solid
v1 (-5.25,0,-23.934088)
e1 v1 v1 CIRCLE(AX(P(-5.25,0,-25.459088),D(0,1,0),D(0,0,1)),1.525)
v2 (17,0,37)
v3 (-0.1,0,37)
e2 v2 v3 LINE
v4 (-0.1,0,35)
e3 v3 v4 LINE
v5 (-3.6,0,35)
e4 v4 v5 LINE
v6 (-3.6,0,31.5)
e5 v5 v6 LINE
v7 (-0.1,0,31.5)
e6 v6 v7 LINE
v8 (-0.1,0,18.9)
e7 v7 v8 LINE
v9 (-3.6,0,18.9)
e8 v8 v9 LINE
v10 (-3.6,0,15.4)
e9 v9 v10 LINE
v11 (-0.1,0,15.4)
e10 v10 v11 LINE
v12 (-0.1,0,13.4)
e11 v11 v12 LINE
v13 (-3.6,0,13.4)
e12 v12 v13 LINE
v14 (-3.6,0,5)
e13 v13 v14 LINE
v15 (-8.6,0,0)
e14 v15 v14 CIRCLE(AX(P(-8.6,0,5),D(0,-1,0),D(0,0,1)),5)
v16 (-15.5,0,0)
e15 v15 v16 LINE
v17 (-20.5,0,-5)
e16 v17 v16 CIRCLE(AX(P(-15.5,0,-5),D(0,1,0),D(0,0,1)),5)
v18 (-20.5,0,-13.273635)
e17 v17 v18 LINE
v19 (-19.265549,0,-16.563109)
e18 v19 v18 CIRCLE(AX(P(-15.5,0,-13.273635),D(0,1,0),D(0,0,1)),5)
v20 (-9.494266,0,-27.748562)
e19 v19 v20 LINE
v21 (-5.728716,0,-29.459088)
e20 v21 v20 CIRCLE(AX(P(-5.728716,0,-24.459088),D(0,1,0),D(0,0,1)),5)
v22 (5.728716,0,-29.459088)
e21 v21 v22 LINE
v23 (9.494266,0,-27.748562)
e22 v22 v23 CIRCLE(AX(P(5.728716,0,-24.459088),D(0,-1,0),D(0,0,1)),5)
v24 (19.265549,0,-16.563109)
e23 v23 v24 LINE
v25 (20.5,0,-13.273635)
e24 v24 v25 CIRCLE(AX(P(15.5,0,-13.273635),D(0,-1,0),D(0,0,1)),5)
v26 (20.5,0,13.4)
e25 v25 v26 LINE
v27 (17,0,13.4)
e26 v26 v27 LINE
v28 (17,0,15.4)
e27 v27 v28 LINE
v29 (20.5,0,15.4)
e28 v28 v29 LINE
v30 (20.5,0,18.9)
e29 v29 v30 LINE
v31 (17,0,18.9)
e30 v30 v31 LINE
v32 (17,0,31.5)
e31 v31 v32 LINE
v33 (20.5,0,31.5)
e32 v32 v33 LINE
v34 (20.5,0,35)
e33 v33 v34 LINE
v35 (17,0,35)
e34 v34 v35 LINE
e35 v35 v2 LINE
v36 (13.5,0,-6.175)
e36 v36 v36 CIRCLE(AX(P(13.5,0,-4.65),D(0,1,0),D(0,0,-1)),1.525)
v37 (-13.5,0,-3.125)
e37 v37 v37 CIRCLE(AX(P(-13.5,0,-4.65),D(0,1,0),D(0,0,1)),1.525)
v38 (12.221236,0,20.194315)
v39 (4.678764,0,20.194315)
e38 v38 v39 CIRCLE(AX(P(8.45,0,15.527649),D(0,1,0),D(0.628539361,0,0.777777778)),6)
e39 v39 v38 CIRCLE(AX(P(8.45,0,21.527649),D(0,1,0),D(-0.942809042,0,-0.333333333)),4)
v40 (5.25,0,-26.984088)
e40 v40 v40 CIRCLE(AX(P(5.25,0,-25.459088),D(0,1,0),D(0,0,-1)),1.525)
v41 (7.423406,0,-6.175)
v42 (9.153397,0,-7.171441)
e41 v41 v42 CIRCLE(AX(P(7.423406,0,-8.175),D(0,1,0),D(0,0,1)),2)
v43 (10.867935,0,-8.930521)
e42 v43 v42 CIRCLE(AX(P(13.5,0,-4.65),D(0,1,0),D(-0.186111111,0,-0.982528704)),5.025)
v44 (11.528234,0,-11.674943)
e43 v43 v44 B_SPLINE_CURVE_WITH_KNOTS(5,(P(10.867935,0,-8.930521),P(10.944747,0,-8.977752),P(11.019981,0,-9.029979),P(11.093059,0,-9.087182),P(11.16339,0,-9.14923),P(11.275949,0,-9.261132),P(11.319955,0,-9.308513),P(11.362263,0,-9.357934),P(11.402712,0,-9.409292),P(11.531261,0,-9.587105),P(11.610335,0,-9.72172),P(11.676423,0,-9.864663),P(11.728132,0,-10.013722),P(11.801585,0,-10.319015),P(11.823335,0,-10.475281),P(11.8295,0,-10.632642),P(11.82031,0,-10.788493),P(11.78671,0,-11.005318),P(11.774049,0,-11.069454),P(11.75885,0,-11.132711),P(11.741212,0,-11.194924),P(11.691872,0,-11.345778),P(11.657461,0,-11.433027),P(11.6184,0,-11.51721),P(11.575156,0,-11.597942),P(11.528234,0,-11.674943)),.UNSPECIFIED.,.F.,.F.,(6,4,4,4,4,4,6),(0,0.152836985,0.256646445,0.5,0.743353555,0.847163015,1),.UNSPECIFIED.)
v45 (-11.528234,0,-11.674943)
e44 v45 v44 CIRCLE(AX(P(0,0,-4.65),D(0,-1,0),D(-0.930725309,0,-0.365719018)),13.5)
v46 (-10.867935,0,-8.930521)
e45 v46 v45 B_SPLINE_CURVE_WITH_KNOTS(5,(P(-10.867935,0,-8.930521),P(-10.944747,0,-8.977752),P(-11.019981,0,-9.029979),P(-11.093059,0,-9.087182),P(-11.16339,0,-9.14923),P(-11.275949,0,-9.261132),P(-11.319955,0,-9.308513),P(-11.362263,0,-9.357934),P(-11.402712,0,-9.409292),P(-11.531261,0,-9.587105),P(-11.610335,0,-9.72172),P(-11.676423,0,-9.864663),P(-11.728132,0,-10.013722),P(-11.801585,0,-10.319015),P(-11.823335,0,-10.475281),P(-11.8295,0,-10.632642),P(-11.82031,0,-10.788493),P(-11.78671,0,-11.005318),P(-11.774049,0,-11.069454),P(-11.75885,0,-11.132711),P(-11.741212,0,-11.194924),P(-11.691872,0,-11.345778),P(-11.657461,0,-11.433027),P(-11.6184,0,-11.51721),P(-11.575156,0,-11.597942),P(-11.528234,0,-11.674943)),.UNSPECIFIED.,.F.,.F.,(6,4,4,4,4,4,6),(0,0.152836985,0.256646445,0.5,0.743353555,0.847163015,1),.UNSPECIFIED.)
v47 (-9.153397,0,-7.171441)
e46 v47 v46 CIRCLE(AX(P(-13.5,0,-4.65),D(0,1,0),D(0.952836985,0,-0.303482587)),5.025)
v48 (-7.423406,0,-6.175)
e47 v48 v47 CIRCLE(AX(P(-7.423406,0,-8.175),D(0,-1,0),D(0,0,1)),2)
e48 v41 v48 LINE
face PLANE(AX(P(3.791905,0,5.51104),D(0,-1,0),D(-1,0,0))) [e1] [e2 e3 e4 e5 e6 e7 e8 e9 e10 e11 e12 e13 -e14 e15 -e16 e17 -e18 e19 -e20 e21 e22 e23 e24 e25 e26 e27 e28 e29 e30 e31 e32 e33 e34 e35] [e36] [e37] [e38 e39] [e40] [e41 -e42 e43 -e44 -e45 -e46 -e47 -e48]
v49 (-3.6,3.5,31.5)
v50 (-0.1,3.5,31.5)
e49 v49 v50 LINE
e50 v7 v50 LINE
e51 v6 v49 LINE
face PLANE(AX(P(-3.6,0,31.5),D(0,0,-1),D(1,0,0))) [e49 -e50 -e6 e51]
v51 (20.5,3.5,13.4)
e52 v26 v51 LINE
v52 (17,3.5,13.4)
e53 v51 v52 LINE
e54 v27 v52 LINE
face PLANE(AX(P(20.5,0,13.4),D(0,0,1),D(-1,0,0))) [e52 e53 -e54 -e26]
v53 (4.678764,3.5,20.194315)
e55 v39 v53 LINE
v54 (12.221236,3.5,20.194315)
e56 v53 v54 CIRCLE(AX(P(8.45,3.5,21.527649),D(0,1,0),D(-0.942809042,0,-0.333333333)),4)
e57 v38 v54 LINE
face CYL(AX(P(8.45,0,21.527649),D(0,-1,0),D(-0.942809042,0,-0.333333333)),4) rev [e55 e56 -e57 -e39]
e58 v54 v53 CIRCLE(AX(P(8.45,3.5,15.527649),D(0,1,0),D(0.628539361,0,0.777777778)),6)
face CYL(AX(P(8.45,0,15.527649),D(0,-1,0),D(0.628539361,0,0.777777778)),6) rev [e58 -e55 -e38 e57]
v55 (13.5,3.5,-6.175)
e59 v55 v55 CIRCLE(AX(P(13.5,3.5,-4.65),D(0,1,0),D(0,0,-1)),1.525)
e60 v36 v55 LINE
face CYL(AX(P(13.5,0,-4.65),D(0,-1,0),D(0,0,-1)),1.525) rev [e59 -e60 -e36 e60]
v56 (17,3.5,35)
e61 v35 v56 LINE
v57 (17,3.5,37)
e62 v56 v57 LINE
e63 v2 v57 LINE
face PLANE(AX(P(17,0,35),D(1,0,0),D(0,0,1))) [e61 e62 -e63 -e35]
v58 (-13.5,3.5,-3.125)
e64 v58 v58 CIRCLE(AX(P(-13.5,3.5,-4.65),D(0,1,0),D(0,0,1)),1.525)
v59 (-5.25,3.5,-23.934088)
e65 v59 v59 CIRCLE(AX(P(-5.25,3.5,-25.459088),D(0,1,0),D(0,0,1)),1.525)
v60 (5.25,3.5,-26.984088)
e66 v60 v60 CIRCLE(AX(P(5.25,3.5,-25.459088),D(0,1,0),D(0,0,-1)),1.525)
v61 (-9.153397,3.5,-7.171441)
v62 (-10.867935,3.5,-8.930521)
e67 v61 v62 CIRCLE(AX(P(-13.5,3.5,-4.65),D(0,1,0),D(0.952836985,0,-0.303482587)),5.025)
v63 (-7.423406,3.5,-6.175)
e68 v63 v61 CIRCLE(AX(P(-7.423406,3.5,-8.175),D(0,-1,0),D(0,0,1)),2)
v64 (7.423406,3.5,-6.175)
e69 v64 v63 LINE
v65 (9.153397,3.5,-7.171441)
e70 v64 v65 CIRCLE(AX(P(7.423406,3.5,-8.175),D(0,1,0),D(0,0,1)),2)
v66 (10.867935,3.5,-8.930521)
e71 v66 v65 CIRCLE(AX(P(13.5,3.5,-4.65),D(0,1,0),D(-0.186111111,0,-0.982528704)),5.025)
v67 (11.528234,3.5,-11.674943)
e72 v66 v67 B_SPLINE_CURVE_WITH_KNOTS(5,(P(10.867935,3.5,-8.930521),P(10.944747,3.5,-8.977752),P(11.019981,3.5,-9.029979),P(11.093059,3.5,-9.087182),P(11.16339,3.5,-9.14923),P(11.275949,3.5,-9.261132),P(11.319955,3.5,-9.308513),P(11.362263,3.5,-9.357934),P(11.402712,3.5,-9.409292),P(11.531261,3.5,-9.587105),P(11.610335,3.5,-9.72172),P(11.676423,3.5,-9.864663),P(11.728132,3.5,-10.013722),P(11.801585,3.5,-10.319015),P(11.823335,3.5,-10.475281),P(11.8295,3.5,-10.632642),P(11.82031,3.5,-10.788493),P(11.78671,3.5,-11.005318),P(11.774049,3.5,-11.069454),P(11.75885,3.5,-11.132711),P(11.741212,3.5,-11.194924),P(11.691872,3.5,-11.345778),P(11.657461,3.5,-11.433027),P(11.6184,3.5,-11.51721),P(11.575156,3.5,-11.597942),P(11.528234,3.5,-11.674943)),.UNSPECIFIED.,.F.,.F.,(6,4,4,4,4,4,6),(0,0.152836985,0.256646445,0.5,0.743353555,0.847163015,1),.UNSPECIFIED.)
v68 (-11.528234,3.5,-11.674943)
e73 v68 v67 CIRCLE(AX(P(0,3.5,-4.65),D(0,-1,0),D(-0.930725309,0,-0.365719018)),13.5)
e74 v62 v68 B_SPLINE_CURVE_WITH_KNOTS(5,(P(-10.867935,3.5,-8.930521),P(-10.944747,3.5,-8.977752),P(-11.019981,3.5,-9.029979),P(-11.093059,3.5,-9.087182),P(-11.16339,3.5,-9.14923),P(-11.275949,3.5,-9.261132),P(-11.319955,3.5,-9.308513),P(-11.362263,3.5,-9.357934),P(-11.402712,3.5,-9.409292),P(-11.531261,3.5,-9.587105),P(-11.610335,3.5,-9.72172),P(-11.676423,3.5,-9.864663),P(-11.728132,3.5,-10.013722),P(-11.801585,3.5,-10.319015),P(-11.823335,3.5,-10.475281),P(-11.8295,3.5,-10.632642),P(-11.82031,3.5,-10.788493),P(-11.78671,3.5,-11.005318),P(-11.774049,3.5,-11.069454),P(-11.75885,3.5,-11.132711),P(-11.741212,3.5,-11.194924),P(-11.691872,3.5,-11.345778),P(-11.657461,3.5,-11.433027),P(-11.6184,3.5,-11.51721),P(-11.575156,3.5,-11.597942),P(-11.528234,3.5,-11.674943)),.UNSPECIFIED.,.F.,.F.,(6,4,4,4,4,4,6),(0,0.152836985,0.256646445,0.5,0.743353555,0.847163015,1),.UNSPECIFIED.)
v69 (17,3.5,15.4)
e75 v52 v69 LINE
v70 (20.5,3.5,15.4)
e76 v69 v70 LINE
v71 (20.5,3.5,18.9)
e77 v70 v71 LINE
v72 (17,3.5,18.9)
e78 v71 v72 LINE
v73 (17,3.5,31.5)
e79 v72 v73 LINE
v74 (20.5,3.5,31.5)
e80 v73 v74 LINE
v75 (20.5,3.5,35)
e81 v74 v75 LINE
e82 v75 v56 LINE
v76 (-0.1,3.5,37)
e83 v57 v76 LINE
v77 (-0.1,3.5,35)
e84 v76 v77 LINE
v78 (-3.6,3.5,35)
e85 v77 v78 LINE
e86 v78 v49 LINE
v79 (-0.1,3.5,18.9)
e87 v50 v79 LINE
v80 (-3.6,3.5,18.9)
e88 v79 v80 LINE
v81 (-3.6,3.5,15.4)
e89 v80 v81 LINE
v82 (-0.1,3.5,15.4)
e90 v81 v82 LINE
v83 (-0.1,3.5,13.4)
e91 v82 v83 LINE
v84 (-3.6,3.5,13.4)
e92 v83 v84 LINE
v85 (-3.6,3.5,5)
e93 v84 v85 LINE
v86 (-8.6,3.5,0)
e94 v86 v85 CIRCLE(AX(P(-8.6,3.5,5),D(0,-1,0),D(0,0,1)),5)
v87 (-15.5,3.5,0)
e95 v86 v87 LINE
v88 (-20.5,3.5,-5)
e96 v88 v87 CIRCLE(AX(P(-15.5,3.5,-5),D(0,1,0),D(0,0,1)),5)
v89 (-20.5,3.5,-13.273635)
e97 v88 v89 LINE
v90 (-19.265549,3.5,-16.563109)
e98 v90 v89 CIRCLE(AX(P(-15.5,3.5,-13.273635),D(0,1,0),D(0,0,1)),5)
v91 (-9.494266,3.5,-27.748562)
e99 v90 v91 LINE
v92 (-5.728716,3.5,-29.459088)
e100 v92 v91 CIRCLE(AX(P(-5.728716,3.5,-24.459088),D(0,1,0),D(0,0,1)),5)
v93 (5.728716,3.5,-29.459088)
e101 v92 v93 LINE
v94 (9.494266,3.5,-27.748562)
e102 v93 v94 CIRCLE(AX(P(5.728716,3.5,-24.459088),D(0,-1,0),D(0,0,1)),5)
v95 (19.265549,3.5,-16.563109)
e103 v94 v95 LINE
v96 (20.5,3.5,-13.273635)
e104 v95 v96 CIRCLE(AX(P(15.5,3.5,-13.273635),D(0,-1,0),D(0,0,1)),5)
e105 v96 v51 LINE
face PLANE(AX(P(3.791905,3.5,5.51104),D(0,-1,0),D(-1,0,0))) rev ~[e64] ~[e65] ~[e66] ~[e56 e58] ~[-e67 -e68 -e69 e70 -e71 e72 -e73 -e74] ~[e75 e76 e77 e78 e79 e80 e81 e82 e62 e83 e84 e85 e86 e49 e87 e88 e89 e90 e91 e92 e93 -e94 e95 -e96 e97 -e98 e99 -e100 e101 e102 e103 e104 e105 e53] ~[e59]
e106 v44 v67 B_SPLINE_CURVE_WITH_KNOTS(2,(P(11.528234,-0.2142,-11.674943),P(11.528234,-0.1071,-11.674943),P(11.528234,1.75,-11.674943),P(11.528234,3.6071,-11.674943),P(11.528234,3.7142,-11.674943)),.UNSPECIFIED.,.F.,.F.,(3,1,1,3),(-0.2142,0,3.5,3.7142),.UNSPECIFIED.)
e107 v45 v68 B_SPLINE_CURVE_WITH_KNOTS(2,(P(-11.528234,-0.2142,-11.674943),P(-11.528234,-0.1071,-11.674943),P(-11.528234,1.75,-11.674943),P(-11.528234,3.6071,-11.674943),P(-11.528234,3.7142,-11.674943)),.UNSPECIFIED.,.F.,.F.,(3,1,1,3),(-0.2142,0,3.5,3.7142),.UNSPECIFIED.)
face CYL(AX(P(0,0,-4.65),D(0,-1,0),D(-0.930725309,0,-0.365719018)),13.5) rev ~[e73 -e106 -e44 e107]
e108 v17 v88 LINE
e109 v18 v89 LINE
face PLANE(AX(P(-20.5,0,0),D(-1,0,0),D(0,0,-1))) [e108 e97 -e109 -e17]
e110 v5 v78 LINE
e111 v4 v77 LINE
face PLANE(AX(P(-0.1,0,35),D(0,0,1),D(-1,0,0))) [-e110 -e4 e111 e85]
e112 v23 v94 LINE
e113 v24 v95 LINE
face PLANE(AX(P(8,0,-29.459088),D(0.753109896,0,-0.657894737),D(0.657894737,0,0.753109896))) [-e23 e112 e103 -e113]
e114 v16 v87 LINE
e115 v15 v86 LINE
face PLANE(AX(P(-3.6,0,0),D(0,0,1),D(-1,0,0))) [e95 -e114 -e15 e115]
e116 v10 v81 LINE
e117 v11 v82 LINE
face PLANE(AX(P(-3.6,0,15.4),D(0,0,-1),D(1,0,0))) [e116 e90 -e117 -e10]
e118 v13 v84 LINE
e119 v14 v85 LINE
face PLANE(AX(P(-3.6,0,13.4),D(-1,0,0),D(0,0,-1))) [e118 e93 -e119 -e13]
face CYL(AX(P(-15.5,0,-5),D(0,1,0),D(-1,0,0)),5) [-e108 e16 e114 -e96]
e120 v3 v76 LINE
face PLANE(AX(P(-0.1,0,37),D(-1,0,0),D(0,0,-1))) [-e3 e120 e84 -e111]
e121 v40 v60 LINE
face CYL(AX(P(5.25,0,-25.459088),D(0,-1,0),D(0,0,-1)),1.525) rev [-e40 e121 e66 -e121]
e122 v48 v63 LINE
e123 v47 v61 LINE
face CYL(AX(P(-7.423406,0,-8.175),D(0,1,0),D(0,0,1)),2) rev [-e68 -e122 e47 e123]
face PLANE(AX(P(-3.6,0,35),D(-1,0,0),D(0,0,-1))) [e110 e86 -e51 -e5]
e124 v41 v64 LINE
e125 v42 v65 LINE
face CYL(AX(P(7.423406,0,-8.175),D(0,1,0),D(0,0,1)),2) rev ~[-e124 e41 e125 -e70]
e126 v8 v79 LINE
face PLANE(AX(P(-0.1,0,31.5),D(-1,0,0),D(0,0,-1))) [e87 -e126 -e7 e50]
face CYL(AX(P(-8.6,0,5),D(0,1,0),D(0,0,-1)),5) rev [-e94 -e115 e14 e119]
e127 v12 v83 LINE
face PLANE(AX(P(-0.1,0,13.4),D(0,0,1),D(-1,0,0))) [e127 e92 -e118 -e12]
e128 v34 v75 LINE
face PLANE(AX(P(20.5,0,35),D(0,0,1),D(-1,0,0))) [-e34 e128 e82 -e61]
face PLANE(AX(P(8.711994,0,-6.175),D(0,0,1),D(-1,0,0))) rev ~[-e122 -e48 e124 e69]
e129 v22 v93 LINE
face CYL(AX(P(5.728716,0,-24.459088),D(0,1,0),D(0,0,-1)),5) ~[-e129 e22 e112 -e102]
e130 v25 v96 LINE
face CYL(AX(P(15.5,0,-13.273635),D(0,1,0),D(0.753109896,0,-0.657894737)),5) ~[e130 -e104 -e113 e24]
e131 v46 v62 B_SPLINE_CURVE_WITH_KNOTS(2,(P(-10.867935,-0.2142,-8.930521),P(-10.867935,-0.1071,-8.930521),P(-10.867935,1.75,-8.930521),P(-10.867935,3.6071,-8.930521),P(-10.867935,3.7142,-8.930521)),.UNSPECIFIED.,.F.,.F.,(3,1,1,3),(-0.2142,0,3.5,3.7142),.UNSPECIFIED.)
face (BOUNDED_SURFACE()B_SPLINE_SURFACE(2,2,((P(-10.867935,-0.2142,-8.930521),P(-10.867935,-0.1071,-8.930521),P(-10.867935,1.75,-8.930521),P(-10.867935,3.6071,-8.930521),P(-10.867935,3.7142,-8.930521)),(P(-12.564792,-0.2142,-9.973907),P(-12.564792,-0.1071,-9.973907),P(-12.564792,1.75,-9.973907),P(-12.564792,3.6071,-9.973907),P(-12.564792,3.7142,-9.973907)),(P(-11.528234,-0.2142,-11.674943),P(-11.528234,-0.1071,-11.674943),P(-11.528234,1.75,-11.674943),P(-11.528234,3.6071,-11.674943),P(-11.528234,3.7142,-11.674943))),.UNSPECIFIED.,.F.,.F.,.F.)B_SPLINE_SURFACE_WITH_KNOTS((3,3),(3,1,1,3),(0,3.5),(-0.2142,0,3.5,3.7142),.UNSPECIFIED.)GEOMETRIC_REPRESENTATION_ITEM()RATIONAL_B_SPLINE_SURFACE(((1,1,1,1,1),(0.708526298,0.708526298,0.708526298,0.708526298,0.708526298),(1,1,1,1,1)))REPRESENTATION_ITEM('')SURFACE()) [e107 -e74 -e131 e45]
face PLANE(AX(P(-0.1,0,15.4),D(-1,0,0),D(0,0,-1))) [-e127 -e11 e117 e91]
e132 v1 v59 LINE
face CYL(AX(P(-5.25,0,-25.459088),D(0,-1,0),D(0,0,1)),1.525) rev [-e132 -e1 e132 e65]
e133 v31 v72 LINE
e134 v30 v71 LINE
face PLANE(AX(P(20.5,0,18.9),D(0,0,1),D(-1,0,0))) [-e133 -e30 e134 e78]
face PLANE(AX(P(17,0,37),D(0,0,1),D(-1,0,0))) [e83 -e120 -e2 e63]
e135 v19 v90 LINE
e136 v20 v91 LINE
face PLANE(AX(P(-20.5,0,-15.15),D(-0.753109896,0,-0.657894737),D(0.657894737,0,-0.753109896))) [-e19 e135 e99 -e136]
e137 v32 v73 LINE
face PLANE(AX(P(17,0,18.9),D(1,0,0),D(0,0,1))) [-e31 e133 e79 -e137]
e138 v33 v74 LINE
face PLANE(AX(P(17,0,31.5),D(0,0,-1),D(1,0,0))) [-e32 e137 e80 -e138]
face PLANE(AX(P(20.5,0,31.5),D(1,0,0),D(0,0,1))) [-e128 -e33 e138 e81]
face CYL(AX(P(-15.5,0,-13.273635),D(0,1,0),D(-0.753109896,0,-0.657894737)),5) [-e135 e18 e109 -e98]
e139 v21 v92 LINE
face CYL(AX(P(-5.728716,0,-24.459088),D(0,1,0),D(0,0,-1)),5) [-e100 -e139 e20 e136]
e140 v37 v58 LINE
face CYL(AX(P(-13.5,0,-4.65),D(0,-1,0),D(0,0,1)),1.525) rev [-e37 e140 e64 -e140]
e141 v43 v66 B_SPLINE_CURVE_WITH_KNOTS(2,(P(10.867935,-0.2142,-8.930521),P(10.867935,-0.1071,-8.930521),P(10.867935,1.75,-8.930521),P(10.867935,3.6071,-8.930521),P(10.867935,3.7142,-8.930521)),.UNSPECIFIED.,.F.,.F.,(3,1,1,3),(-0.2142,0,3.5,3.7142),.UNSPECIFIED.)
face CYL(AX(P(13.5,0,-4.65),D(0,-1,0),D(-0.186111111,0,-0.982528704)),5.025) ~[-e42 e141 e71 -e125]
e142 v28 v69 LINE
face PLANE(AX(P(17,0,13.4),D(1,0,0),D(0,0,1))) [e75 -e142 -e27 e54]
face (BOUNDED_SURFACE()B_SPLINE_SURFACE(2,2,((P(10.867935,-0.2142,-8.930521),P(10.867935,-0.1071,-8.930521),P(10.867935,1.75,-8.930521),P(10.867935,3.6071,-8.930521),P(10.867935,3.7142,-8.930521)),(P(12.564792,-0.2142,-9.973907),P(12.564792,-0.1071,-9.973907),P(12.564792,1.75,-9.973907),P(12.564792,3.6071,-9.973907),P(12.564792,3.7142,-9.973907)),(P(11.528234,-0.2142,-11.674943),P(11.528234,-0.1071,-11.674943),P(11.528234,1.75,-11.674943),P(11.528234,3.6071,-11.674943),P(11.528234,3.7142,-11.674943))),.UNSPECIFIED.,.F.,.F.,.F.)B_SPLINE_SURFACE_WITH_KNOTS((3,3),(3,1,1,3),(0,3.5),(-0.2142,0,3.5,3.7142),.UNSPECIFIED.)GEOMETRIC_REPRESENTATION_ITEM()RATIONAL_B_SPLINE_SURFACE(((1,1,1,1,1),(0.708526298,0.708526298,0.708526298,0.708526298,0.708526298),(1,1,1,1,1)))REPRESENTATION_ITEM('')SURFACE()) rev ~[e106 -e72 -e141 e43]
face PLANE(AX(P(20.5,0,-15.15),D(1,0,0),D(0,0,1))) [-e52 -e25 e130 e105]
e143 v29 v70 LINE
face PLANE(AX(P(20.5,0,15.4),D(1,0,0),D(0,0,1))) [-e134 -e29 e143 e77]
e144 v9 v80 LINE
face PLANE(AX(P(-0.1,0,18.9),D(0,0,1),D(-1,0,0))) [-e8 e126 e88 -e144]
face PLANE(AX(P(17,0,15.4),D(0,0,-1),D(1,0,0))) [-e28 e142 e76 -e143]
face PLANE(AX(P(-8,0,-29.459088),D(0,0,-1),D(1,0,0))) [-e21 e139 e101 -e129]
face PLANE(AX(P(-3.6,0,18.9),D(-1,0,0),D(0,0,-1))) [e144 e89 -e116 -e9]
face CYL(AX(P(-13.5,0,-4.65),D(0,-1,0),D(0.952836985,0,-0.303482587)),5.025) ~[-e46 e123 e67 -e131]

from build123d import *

# Parameters (mm, degrees)
SKETCH2_R           = 1.525
BOSS_EXTRUDE1_DEPTH = 3.5
FILLET1_R           = 5
FILLET2_R           = 2


with BuildPart() as part:
    # Sketch2 → Boss-Extrude1 (new body)
    with BuildSketch(Plane(origin=(0, 0, 0), x_dir=(1, 0, 0), z_dir=(0, 1, 0))):
        Polygon((-8, 29.459088021), (8, 29.459088021), (20.5, 15.15), (20.5, -13.4), (17, -13.4), (17, -15.4), (20.5, -15.4), (20.5, -18.9), (17, -18.9), (17, -31.5), (20.5, -31.5), (20.5, -35), (17, -35), (17, -37), (-0.1, -37), (-0.1, -35), (-3.6, -35), (-3.6, -31.5), (-0.1, -31.5), (-0.1, -18.9), (-3.6, -18.9), (-3.6, -15.4), (-0.1, -15.4), (-0.1, -13.4), (-3.6, -13.4), (-3.6, 0), (-20.5, 0), (-20.5, 15.15), align=None)
        with Locations(Location((-5.25, 25.459088021, 0), (0, 0, 270))):
            Circle(SKETCH2_R, mode=Mode.SUBTRACT)
        with Locations(Location((-13.5, 4.65, 0), (0, 0, 270))):
            Circle(SKETCH2_R, mode=Mode.SUBTRACT)
        with Locations(Location((13.5, 4.65, 0), (0, 0, 90))):
            Circle(SKETCH2_R, mode=Mode.SUBTRACT)
        with Locations(Location((5.25, 25.459088021, 0), (0, 0, 90))):
            Circle(SKETCH2_R, mode=Mode.SUBTRACT)
        with BuildLine():
            Line((8.711994152, 6.175), (-8.711994152, 6.175))
            ThreePointArc((-8.711994152, 6.175), (-10.168396205, 8.411786963), (-12.564791667, 9.587206738))
            ThreePointArc((-12.564791667, 9.587206738), (0, 18.15), (12.564791667, 9.587206738))
            ThreePointArc((12.564791667, 9.587206738), (10.168396205, 8.411786963), (8.711994152, 6.175))
        make_face(mode=Mode.SUBTRACT)
        with BuildLine():
            ThreePointArc((4.678763834, -20.194315192), (8.45, -25.527648525), (12.221236166, -20.194315192))
            ThreePointArc((12.221236166, -20.194315192), (8.45, -9.527648525), (4.678763834, -20.194315192))
        make_face(mode=Mode.SUBTRACT)
    extrude(amount=BOSS_EXTRUDE1_DEPTH)

    # Fillet1
    fillet1_edges = [part.edges().sort_by_distance(p)[0] for p in [
        (20.5, 1.75, -15.15),
        (-3.6, 1.75, 0),
        (-20.5, 1.75, 0),
        (-20.5, 1.75, -15.15),
        (-8, 1.75, -29.459088021),
        (8, 1.75, -29.459088021),
    ]]
    fillet(fillet1_edges, radius=FILLET1_R)

    # Fillet2
    fillet2_edges = [part.edges().sort_by_distance(p)[0] for p in [
        (-12.564791667, 1.75, -9.587206738),
        (-8.711994152, 1.75, -6.175),
        (8.711994152, 1.75, -6.175),
        (12.564791667, 1.75, -9.587206738),
    ]]
    fillet(fillet2_edges, radius=FILLET2_R)


solid = part.part
